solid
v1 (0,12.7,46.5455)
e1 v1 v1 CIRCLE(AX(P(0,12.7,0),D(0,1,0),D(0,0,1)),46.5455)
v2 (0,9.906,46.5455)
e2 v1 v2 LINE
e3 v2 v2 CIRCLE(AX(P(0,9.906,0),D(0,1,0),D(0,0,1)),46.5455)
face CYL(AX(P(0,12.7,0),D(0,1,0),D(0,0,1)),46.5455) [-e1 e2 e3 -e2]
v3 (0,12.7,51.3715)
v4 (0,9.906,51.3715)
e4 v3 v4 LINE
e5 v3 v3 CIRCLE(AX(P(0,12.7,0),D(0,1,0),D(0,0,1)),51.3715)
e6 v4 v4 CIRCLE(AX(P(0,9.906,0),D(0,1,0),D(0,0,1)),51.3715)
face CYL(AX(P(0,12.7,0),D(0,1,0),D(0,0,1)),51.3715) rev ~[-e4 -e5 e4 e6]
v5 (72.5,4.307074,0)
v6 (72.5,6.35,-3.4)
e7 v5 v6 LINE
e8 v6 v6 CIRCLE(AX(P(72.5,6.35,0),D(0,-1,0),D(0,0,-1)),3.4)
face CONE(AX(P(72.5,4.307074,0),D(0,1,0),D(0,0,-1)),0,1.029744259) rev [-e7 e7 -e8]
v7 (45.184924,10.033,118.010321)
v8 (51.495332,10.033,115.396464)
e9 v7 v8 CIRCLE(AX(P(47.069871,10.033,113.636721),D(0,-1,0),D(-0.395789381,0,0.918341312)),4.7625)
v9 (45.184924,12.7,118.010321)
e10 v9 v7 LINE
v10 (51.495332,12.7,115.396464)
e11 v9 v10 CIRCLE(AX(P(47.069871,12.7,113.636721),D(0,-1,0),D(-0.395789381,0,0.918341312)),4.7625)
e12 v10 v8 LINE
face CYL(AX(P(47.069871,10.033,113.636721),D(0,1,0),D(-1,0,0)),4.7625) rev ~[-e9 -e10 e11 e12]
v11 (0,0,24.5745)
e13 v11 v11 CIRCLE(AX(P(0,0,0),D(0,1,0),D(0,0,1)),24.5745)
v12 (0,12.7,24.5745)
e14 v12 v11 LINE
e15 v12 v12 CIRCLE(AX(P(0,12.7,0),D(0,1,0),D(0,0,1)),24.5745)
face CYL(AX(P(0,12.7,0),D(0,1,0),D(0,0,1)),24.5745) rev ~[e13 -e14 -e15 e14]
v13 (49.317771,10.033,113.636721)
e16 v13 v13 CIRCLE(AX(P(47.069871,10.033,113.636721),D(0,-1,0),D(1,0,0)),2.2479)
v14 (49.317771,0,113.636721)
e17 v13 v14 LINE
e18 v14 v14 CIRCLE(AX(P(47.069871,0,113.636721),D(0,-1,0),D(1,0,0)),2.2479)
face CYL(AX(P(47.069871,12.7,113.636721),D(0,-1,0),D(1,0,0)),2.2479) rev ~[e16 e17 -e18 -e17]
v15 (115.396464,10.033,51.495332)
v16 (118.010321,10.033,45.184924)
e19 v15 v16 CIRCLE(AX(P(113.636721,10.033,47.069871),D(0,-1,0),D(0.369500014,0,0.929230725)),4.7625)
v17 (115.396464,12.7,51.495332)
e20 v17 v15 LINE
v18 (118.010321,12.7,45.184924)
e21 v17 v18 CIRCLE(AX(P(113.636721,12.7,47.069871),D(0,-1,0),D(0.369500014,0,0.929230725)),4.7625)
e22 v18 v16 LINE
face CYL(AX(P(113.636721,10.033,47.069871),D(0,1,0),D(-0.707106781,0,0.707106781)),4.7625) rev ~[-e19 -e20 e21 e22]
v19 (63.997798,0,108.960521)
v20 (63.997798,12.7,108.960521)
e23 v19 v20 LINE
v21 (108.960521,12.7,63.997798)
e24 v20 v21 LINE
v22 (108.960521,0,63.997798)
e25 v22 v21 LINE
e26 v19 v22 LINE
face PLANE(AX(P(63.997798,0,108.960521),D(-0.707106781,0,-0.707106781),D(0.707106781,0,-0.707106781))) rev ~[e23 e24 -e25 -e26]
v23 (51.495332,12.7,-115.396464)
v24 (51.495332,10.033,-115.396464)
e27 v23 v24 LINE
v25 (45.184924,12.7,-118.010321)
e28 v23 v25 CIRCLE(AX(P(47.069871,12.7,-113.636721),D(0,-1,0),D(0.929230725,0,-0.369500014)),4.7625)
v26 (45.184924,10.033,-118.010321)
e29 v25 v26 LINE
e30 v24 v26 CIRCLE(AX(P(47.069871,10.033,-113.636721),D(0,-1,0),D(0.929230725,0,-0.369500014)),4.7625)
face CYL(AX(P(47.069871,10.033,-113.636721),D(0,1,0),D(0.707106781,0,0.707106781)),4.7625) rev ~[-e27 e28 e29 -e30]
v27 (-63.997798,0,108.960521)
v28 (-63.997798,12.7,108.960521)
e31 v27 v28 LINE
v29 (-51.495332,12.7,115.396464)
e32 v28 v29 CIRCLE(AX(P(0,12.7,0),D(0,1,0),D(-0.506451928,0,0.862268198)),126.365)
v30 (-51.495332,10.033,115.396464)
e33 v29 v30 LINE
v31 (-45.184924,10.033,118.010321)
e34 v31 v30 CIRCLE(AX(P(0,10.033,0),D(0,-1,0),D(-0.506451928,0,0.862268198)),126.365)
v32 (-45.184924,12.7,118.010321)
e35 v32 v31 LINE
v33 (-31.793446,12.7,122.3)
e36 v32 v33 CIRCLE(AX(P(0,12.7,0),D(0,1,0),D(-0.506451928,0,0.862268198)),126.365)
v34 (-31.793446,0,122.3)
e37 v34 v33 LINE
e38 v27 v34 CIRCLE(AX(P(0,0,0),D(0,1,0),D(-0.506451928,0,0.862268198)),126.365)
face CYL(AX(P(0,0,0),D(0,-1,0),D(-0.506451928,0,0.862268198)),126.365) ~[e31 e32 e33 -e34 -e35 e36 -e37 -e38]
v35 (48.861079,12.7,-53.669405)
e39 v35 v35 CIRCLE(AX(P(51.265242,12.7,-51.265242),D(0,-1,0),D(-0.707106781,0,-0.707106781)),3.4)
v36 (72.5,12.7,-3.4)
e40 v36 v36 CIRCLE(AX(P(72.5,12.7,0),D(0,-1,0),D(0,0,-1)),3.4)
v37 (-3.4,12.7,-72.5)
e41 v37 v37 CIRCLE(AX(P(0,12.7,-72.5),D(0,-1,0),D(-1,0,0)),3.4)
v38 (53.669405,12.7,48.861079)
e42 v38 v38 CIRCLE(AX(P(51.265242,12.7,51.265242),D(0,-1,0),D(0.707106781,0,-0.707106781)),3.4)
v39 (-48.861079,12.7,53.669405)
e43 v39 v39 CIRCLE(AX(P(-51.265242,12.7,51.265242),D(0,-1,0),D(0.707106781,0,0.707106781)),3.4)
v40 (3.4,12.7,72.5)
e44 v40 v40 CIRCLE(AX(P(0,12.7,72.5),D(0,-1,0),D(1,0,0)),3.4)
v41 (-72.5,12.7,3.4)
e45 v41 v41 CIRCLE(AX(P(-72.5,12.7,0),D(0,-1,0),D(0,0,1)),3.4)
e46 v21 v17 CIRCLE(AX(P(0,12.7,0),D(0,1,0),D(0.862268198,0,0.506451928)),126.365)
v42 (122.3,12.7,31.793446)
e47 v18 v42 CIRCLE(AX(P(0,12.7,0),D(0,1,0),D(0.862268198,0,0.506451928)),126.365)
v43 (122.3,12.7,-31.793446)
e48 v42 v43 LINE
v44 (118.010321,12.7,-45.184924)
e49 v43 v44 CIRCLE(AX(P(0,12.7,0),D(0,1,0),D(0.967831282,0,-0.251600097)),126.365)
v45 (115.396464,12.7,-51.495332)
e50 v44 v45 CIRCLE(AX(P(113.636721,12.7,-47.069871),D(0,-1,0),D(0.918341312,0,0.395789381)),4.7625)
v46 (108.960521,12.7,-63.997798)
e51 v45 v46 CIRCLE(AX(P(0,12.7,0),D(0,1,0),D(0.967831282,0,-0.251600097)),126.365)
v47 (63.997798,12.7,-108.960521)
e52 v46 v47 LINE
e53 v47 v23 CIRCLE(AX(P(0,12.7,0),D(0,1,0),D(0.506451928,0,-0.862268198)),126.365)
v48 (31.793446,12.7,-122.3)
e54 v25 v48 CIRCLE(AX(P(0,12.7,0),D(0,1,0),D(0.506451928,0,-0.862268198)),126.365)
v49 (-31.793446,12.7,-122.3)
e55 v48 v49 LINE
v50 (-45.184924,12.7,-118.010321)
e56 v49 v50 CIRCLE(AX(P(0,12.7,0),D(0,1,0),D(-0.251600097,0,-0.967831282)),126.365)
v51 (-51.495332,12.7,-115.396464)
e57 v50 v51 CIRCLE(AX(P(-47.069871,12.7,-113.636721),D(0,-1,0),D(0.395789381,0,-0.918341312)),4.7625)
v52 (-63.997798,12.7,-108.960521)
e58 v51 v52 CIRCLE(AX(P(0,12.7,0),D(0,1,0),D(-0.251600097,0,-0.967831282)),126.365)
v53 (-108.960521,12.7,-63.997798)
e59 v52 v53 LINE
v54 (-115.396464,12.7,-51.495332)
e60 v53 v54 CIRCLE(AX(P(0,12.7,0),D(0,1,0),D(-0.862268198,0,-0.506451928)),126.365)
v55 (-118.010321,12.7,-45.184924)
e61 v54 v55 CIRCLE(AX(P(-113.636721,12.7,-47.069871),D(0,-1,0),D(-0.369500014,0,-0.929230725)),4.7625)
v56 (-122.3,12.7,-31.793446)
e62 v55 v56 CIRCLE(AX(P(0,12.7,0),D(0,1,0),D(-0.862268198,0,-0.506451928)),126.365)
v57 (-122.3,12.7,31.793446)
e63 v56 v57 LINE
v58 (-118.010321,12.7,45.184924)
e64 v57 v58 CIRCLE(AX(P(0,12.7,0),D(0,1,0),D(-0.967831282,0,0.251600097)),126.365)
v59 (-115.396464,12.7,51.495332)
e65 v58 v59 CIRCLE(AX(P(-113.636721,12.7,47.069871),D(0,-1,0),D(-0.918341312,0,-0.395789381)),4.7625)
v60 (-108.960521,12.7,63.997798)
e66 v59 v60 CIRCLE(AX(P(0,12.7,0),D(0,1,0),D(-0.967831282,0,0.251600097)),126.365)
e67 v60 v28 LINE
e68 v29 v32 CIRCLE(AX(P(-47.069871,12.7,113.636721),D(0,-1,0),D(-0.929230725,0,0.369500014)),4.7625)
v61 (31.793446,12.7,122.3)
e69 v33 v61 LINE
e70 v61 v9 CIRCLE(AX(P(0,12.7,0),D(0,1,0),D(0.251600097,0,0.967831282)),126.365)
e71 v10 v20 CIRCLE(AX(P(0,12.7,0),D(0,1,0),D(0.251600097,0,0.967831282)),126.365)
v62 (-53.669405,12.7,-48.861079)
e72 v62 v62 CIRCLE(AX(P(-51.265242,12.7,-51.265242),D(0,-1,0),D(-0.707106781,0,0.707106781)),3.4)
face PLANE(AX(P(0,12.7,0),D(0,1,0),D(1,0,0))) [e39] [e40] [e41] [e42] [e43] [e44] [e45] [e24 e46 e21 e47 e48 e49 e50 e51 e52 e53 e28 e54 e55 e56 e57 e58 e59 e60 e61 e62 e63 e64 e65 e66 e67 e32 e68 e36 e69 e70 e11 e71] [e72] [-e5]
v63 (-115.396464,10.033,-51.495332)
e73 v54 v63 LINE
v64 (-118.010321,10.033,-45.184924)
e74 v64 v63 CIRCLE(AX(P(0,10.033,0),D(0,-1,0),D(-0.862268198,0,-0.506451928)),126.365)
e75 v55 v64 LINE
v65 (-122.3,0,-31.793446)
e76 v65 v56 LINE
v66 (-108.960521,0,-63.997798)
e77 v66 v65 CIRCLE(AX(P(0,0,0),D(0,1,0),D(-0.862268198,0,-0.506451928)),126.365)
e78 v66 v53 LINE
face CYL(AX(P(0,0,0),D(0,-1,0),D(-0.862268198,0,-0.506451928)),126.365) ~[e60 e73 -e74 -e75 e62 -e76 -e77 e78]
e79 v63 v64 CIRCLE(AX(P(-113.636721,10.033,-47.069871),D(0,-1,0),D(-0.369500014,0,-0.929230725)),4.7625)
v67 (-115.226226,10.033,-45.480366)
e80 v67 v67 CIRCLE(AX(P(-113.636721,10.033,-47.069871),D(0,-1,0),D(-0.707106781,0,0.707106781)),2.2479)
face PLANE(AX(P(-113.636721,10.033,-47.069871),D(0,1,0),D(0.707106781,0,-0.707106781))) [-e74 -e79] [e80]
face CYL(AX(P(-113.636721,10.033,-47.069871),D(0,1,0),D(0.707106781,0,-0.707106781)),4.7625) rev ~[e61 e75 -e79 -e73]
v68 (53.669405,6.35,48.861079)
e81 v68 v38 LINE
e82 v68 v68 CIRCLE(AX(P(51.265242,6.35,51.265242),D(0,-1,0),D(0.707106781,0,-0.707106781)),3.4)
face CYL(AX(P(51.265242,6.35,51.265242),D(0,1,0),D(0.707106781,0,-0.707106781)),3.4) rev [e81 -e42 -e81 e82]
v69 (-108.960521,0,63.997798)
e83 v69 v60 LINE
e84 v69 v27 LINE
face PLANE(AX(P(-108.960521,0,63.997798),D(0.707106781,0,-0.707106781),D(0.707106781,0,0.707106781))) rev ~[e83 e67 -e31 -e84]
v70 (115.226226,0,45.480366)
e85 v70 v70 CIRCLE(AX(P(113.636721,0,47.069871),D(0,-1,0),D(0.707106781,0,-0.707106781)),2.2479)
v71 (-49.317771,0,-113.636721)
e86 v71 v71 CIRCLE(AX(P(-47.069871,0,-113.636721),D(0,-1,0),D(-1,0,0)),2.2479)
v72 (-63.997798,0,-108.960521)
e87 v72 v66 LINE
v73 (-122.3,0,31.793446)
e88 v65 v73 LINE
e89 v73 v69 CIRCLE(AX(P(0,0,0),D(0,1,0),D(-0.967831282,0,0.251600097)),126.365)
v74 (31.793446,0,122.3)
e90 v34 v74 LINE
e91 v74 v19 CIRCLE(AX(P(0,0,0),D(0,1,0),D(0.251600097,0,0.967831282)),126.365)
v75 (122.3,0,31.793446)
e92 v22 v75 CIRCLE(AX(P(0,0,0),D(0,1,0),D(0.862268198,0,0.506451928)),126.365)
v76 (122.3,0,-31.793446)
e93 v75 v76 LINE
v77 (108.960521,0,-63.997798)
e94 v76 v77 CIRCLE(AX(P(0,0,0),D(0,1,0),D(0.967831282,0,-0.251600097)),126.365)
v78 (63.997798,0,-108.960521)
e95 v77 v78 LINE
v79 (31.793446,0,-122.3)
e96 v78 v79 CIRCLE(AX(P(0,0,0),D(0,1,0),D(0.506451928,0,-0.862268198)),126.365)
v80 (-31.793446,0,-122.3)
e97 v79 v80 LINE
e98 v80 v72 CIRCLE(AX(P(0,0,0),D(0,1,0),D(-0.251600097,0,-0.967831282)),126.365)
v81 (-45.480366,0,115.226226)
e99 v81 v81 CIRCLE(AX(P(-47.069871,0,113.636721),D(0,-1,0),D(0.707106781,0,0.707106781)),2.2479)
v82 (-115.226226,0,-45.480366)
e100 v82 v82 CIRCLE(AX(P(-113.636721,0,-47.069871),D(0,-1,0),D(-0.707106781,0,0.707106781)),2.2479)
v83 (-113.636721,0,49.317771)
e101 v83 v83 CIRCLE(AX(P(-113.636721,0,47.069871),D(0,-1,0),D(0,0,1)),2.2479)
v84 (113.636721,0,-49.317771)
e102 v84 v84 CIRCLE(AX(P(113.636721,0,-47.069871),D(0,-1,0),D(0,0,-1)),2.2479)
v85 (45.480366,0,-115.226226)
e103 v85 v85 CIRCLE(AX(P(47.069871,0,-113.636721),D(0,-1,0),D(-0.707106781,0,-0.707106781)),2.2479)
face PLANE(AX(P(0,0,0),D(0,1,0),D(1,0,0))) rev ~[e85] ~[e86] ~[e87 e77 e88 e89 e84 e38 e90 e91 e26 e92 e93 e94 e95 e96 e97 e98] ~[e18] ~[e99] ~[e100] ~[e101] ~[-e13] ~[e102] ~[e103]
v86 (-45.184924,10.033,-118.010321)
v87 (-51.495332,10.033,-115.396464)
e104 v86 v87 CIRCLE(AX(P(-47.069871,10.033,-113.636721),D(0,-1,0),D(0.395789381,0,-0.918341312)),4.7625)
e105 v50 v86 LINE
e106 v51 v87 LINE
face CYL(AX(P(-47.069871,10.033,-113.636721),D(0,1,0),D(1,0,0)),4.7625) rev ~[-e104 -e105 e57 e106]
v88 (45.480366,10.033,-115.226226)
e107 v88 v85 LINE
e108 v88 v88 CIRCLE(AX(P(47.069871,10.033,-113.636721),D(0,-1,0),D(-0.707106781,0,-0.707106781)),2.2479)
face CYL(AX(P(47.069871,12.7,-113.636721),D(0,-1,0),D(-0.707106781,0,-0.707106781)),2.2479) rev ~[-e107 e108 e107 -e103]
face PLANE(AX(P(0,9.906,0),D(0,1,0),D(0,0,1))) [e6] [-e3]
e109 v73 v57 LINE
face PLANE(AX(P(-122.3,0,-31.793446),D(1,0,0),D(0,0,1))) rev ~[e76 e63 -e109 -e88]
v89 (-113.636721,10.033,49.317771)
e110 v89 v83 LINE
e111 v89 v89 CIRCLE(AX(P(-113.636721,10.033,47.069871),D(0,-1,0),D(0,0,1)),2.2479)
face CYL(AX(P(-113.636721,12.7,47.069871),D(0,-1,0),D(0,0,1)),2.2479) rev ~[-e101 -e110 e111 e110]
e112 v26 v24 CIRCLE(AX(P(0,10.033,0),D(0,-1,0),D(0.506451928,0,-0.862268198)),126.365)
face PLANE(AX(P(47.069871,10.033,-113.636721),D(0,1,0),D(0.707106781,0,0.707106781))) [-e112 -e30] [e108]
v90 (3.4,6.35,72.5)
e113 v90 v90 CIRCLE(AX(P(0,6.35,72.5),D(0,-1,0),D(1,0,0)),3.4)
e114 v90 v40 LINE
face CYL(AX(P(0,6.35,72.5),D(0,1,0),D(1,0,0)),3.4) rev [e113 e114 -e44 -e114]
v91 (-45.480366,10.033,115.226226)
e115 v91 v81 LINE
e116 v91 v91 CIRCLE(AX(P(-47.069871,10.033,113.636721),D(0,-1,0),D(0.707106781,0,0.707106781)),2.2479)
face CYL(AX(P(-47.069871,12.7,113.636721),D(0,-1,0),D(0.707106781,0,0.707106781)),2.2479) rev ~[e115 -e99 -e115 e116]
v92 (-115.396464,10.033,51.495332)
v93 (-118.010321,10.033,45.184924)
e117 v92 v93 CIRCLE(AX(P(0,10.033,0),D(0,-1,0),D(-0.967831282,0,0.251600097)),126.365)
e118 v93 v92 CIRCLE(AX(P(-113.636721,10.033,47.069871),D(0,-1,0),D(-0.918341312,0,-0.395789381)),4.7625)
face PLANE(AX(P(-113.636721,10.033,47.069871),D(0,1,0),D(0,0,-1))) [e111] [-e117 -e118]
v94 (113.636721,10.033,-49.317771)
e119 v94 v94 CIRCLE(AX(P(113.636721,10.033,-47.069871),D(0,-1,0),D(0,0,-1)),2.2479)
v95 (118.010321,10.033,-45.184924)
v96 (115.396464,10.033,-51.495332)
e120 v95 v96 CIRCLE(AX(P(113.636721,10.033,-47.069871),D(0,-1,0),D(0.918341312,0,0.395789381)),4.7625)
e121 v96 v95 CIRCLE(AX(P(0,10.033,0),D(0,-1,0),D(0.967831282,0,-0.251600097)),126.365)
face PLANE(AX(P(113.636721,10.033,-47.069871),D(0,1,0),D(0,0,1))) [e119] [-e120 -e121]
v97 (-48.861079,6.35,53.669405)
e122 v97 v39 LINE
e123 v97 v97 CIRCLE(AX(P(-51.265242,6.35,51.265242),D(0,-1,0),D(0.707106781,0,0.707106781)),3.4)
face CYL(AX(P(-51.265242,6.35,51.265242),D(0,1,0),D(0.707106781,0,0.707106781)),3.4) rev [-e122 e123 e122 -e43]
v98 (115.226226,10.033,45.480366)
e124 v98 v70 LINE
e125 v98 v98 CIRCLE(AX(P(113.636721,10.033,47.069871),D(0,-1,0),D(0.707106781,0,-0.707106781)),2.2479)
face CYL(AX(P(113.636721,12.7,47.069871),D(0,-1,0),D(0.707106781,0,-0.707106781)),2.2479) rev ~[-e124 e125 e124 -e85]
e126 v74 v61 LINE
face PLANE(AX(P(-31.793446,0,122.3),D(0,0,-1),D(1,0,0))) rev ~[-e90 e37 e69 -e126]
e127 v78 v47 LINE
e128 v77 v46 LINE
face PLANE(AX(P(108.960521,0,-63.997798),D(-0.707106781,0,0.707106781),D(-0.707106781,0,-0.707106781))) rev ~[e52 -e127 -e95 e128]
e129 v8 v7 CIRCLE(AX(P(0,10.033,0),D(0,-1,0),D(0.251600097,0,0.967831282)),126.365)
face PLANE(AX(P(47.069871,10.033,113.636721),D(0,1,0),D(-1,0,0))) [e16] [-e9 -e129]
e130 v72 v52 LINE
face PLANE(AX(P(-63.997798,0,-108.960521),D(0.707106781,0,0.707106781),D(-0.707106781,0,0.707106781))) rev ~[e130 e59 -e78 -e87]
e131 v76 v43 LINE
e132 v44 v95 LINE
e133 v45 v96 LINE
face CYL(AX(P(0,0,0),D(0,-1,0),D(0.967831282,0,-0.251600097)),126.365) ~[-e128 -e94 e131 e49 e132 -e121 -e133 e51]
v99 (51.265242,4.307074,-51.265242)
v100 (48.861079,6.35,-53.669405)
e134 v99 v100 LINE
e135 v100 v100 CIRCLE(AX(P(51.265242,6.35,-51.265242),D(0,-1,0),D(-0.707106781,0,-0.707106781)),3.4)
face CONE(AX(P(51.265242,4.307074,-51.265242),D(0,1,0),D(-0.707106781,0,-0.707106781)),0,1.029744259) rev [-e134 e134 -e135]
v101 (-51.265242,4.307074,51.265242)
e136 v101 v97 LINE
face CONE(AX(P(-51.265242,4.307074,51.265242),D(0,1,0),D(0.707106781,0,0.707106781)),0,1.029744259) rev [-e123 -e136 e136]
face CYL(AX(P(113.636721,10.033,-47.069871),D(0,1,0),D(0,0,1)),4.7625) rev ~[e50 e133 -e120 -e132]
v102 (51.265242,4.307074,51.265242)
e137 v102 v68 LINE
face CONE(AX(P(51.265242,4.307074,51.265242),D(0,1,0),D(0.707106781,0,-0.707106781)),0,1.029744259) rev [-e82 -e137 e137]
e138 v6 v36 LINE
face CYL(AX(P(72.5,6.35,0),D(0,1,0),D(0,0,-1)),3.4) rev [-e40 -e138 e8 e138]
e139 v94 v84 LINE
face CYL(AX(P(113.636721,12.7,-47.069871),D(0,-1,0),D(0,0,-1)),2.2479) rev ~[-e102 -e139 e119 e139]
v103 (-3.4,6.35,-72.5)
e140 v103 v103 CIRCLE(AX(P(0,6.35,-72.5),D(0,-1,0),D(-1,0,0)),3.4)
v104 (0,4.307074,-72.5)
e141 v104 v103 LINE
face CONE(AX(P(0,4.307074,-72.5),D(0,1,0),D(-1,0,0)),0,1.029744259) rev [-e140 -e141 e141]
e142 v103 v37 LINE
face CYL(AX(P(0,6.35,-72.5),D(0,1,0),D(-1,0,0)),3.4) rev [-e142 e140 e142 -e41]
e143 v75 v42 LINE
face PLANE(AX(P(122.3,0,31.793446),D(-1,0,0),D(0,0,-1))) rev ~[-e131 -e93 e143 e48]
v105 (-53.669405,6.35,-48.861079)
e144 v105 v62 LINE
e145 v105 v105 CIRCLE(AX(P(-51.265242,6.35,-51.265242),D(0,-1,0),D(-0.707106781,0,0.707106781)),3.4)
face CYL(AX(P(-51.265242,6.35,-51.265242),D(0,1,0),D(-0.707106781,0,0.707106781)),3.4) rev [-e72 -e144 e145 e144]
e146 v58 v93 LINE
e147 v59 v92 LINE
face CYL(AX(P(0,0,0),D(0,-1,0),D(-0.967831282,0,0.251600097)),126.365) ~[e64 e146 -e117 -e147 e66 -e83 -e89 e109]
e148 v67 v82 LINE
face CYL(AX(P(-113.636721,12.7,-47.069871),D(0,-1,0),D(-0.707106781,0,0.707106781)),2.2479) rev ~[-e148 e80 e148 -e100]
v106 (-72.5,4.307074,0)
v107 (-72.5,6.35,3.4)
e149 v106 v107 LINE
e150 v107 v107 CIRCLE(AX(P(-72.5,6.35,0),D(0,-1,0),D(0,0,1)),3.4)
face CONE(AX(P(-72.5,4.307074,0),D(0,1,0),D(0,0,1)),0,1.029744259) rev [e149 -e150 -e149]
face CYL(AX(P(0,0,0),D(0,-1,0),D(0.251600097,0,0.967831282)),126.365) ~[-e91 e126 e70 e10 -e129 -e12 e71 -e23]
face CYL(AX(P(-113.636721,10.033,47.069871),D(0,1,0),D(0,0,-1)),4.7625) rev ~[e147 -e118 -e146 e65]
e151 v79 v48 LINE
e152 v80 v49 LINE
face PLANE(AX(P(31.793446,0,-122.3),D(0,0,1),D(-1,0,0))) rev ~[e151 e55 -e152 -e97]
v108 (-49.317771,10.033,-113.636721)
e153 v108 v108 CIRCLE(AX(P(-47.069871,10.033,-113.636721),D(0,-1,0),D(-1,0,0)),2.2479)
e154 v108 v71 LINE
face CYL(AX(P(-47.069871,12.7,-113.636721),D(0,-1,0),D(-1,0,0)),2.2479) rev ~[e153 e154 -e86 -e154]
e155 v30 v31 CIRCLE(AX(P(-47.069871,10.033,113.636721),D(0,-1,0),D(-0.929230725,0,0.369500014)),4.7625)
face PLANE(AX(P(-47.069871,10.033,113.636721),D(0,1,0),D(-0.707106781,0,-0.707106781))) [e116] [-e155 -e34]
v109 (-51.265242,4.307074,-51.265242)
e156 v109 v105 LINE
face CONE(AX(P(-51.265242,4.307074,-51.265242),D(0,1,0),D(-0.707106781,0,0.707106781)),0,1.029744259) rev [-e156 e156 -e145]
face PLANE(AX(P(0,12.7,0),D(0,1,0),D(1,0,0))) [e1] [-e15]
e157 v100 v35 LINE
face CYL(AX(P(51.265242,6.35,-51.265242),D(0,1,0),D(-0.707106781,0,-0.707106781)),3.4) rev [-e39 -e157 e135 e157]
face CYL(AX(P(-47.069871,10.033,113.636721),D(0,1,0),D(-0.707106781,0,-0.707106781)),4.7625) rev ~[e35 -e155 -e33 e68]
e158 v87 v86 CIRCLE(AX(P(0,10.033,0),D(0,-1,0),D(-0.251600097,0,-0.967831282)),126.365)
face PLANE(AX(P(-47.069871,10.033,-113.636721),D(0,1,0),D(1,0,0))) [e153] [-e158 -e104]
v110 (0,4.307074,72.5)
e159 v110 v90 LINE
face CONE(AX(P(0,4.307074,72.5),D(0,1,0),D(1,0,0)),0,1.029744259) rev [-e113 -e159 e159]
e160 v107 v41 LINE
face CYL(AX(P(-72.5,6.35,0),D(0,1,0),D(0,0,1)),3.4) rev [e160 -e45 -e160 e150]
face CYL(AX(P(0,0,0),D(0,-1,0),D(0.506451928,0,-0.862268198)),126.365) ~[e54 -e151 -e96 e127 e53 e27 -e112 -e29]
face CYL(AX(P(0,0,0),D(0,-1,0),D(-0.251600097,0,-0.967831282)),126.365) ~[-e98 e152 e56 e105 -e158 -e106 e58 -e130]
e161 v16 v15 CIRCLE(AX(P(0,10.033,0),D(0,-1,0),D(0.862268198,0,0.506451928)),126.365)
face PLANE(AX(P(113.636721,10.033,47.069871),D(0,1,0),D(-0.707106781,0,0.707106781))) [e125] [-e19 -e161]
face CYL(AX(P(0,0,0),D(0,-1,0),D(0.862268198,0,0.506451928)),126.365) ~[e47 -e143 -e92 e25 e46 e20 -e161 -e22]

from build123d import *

# Parameters (mm, degrees)
BOSS_EXTRUDE1_DEPTH                                 = 12.7
SKETCH3_R                                           = 24.5745
CUT_EXTRUDE1_DEPTH                                  = 174.423960282
SKETCH5_R                                           = 51.3715
SKETCH5_R_2                                         = 46.5455
CUT_EXTRUDE2_DEPTH                                  = 2.794
CIRPATTERN4_COUNT                                   = 8
CBORE_FOR_8_BINDING_HEAD_MACHINE_SCREW2_D           = 4.4958
CBORE_FOR_8_BINDING_HEAD_MACHINE_SCREW2_CBORE_D     = 9.525
CBORE_FOR_8_BINDING_HEAD_MACHINE_SCREW2_CBORE_DEPTH = 2.667
CIRPATTERN5_COUNT                                   = 8


with BuildPart() as part:
    # Sketch1 → Boss-Extrude1 (new body)
    with BuildSketch(Plane(origin=(0, 0, 0), x_dir=(1, 0, 0), z_dir=(0, 1, 0))):
        with BuildLine():
            ThreePointArc((-31.793446259, 122.3), (-48.357791931, 116.746037126), (-63.997797892, 108.960520786))
            Line((-63.997797892, 108.960520786), (-108.960520786, 63.997797892))
            ThreePointArc((-108.960520786, 63.997797892), (-116.746037126, 48.357791931), (-122.3, 31.793446259))
            Line((-122.3, 31.793446259), (-122.3, -31.793446259))
            ThreePointArc((-122.3, -31.793446259), (-116.746037126, -48.357791931), (-108.960520786, -63.997797892))
            Line((-108.960520786, -63.997797892), (-63.997797892, -108.960520786))
            ThreePointArc((-63.997797892, -108.960520786), (-48.357791931, -116.746037126), (-31.793446259, -122.3))
            Line((-31.793446259, -122.3), (31.793446259, -122.3))
            ThreePointArc((31.793446259, -122.3), (48.357791931, -116.746037126), (63.997797892, -108.960520786))
            Line((63.997797892, -108.960520786), (108.960520786, -63.997797892))
            ThreePointArc((108.960520786, -63.997797892), (116.746037126, -48.357791931), (122.3, -31.793446259))
            Line((122.3, -31.793446259), (122.3, 31.793446259))
            ThreePointArc((122.3, 31.793446259), (116.746037126, 48.357791931), (108.960520786, 63.997797892))
            Line((108.960520786, 63.997797892), (63.997797892, 108.960520786))
            ThreePointArc((63.997797892, 108.960520786), (48.357791931, 116.746037126), (31.793446259, 122.3))
            Line((31.793446259, 122.3), (-31.793446259, 122.3))
        make_face()
    extrude(amount=BOSS_EXTRUDE1_DEPTH)

    # Sketch3 → Cut-Extrude1 (cut, through all)
    with BuildSketch(Plane(origin=(0, 12.7, 0), x_dir=(1, 0, 0), z_dir=(0, 1, 0))):
        with Locations(Location((0, 0, 0), (0, 0, 270))):
            Circle(SKETCH3_R)
    extrude(amount=-CUT_EXTRUDE1_DEPTH, mode=Mode.SUBTRACT)

    # Sketch5 → Cut-Extrude2 (cut)
    with BuildSketch(Plane(origin=(0, 12.7, 0), x_dir=(1, 0, 0), z_dir=(0, 1, 0))):
        with Locations(Location((0, 0, 0), (0, 0, 270))):
            Circle(SKETCH5_R)
        with Locations(Location((0, 0, 0), (0, 0, 270))):
            Circle(SKETCH5_R_2, mode=Mode.SUBTRACT)
    extrude(amount=-CUT_EXTRUDE2_DEPTH, mode=Mode.SUBTRACT)

    # Sketch23 → M8x1.25 Tapped Hole1 (revolve, cut)
    with BuildSketch(Plane(origin=(-72.5, 12.7, 0), x_dir=(0, 0, 1), z_dir=(1, 0, 0))):
        Polygon((0, 0), (0, 8.392926105), (3.4, 6.35), (3.4, 0), align=None)
    m8x1_25_tapped_hole1 = revolve(axis=Axis((-72.5, 19.05, 0), (0, -1, 0)), mode=Mode.SUBTRACT)

    # CirPattern4: M8x1.25 Tapped Hole1 ×8 about axis
    cirpattern4_axis = Axis((0, 0, 0), (0, 1, 0))
    for i in range(1, CIRPATTERN4_COUNT):
        add(m8x1_25_tapped_hole1.rotate(cirpattern4_axis, i * 360 / CIRPATTERN4_COUNT), mode=Mode.SUBTRACT)

    # CBORE for #8 Binding Head Machine Screw2 (through all)
    with Locations(Plane(origin=(0, 12.7, 0), x_dir=(1, 0, 0), z_dir=(0, 1, 0))):
        with Locations((-47.069870839, 113.636720559)):
            cbore_for_8_binding_head_machine_screw2 = CounterBoreHole(CBORE_FOR_8_BINDING_HEAD_MACHINE_SCREW2_D / 2, CBORE_FOR_8_BINDING_HEAD_MACHINE_SCREW2_CBORE_D / 2, CBORE_FOR_8_BINDING_HEAD_MACHINE_SCREW2_CBORE_DEPTH)

    # CirPattern5: CBORE for #8 Binding Head Machine Screw2 ×8 about axis
    cirpattern5_axis = Axis((0, 0, 0), (0, 1, 0))
    for i in range(1, CIRPATTERN5_COUNT):
        add(cbore_for_8_binding_head_machine_screw2.rotate(cirpattern5_axis, i * 360 / CIRPATTERN5_COUNT), mode=Mode.SUBTRACT)


solid = part.part
